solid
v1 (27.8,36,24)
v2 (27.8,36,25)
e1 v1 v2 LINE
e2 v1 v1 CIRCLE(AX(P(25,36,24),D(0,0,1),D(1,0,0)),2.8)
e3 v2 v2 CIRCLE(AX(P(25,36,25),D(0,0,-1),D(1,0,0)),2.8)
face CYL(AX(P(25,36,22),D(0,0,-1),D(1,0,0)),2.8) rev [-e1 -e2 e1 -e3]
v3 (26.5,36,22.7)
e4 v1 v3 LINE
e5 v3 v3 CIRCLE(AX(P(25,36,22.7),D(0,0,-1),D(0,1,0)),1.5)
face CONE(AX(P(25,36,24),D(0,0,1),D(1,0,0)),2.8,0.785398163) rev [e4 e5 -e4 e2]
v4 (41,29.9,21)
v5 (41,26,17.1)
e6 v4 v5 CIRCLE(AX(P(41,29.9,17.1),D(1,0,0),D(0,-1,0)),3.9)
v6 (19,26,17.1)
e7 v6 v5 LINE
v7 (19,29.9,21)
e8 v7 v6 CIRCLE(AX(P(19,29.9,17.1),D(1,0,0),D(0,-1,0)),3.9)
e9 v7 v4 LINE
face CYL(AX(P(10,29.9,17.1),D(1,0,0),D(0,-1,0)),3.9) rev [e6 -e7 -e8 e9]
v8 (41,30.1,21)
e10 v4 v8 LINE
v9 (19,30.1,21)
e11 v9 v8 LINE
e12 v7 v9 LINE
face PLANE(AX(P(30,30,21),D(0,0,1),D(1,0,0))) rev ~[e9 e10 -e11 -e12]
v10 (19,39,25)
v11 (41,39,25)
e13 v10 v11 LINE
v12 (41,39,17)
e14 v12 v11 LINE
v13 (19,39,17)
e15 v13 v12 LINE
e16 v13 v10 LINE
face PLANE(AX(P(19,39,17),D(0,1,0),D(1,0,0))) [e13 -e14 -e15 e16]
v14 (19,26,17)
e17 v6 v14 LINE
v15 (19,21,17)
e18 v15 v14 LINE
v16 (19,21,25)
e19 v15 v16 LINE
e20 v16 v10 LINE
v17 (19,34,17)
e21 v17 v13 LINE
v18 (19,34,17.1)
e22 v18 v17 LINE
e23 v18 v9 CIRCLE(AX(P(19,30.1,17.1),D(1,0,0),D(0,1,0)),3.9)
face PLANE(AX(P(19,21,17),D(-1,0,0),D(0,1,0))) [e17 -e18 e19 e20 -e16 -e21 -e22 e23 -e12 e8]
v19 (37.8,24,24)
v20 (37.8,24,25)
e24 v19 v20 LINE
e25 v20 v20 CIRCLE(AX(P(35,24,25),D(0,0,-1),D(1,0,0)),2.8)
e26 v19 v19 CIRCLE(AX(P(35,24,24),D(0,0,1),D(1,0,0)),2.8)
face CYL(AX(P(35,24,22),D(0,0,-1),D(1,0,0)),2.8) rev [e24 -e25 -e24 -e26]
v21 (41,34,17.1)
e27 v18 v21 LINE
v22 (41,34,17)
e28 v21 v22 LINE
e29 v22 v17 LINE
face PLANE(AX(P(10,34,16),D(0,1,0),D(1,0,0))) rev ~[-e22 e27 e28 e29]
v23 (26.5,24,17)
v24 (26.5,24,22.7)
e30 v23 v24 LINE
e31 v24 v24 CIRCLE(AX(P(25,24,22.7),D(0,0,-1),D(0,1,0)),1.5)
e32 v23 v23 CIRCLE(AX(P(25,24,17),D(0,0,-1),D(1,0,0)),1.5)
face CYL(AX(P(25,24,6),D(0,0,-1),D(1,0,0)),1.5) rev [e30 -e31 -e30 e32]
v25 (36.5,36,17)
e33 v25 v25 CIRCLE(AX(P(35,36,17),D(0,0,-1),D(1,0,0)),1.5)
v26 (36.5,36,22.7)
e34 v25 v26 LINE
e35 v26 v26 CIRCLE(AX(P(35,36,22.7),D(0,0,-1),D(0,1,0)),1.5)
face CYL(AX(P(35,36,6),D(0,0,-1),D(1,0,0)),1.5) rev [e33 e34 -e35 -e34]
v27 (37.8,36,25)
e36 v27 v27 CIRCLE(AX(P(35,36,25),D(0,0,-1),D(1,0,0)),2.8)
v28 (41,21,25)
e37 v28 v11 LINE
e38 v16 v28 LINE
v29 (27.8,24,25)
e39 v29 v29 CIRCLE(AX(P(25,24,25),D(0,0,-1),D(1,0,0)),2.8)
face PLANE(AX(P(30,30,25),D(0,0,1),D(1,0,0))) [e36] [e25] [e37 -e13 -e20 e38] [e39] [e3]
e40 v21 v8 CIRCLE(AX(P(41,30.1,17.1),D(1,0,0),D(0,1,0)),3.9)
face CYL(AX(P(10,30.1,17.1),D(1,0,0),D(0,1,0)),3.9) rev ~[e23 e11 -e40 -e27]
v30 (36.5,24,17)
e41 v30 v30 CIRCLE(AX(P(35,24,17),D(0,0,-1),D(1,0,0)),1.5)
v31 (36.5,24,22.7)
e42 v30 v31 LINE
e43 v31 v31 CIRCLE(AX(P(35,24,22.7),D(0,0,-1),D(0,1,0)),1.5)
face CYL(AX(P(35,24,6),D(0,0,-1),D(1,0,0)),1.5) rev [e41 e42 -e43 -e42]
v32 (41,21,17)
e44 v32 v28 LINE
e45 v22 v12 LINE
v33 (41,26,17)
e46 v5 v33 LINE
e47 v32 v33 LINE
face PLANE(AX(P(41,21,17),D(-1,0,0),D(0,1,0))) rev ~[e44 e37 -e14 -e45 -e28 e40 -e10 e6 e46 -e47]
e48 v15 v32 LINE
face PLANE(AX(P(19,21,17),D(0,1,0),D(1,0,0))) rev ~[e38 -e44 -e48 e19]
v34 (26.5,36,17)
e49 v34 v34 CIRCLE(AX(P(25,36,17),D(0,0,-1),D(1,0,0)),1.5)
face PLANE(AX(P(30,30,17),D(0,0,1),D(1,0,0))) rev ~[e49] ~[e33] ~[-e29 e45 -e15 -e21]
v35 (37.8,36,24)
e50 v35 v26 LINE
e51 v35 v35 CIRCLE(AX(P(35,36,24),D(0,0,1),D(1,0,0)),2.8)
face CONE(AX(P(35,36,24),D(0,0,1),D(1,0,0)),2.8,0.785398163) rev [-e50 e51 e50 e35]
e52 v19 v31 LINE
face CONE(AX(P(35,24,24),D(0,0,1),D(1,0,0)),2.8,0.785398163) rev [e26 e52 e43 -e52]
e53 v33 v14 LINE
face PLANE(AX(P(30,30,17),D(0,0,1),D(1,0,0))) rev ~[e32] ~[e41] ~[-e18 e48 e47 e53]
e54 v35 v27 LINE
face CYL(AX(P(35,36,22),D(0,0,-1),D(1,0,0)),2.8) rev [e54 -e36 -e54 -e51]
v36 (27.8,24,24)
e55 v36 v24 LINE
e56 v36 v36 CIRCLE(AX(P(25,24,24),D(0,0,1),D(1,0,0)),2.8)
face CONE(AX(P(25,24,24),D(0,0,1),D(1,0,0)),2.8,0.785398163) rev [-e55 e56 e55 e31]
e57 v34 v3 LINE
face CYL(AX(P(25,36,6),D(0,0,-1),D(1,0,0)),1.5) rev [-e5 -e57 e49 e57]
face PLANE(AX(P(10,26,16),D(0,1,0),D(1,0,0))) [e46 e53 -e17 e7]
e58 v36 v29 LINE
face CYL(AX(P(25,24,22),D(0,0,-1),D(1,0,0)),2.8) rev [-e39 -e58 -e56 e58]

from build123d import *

# Parameters (mm, degrees)
CYLINDER018_R     = 1.5
CYLINDER018_DEPTH = 25
CYLINDER020_R     = 2.8
CYLINDER020_DEPTH = 5
CHAMFER001_SIZE   = 2
CYLINDER016_R     = 1.5
CYLINDER016_DEPTH = 25
CYLINDER017_R     = 1.5
CYLINDER017_DEPTH = 25
CYLINDER021_R     = 2.8
CYLINDER021_DEPTH = 5
CHAMFER002_SIZE   = 2
CYLINDER015_R     = 1.5
CYLINDER015_DEPTH = 25
CYLINDER019_R     = 2.8
CYLINDER019_DEPTH = 5
CHAMFER003_SIZE   = 2
BOX018_W          = 40
BOX018_H          = 8
BOX018_DEPTH      = 5
FILLET014_R       = 3.9
CYLINDER022_R     = 2.8
CYLINDER022_DEPTH = 5
CHAMFER_SIZE      = 2
BOX017_W          = 22
BOX017_H          = 18
BOX017_DEPTH      = 8


with BuildPart() as screholle017:
    # Cylinder018 → Cylinder018 (new body)
    with BuildSketch(Plane(origin=(25, 24, 2), x_dir=(1, 0, 0), z_dir=(0, 0, 1))):
        Circle(CYLINDER018_R)
    extrude(amount=CYLINDER018_DEPTH)


with BuildPart() as chamfer001:
    # Cylinder020 → Cylinder020 (new body)
    with BuildSketch(Plane(origin=(25, 36, 18), x_dir=(1, 0, 0), z_dir=(0, 0, 1))):
        Circle(CYLINDER020_R)
    extrude(amount=CYLINDER020_DEPTH)

    # Chamfer001
    chamfer001_edges = [chamfer001.edges().sort_by_distance(p)[0] for p in [
        (22.2, 36, 18),
    ]]
    chamfer(chamfer001_edges, length=CHAMFER001_SIZE)


with BuildPart() as screholle015:
    # Cylinder016 → Cylinder016 (new body)
    with BuildSketch(Plane(origin=(25, 36, 2), x_dir=(1, 0, 0), z_dir=(0, 0, 1))):
        Circle(CYLINDER016_R)
    extrude(amount=CYLINDER016_DEPTH)


with BuildPart() as screholle016:
    # Cylinder017 → Cylinder017 (new body)
    with BuildSketch(Plane(origin=(35, 36, 2), x_dir=(1, 0, 0), z_dir=(0, 0, 1))):
        Circle(CYLINDER017_R)
    extrude(amount=CYLINDER017_DEPTH)


with BuildPart() as chamfer002:
    # Cylinder021 → Cylinder021 (new body)
    with BuildSketch(Plane(origin=(35, 36, 18), x_dir=(1, 0, 0), z_dir=(0, 0, 1))):
        Circle(CYLINDER021_R)
    extrude(amount=CYLINDER021_DEPTH)

    # Chamfer002
    chamfer002_edges = [chamfer002.edges().sort_by_distance(p)[0] for p in [
        (32.2, 36, 18),
    ]]
    chamfer(chamfer002_edges, length=CHAMFER002_SIZE)


with BuildPart() as screholle014:
    # Cylinder015 → Cylinder015 (new body)
    with BuildSketch(Plane(origin=(35, 24, 2), x_dir=(1, 0, 0), z_dir=(0, 0, 1))):
        Circle(CYLINDER015_R)
    extrude(amount=CYLINDER015_DEPTH)


with BuildPart() as chamfer003:
    # Cylinder019 → Cylinder019 (new body)
    with BuildSketch(Plane(origin=(35, 24, 18), x_dir=(1, 0, 0), z_dir=(0, 0, 1))):
        Circle(CYLINDER019_R)
    extrude(amount=CYLINDER019_DEPTH)

    # Chamfer003
    chamfer003_edges = [chamfer003.edges().sort_by_distance(p)[0] for p in [
        (32.2, 24, 18),
    ]]
    chamfer(chamfer003_edges, length=CHAMFER003_SIZE)


with BuildPart() as fillet014:
    # Box018 → Box018 (new body)
    with BuildSketch(Plane(origin=(10, 26, 12), x_dir=(1, 0, 0), z_dir=(0, 0, 1))):
        with Locations((20, 4)):
            Rectangle(BOX018_W, BOX018_H)
    extrude(amount=BOX018_DEPTH)

    # Fillet014
    fillet014_edges = [fillet014.edges().sort_by_distance(p)[0] for p in [
        (30, 26, 17),
        (30, 34, 17),
    ]]
    fillet(fillet014_edges, radius=FILLET014_R)


with BuildPart() as fusion005007:
    # Cylinder022 → Cylinder022 (new body)
    with BuildSketch(Plane(origin=(25, 24, 18), x_dir=(1, 0, 0), z_dir=(0, 0, 1))):
        Circle(CYLINDER022_R)
    extrude(amount=CYLINDER022_DEPTH)

    # Chamfer
    chamfer_edges = [fusion005007.edges().sort_by_distance(p)[0] for p in [
        (22.2, 24, 18),
    ]]
    chamfer(chamfer_edges, length=CHAMFER_SIZE)

    # Fusion005007: union ScreHolle017, Chamfer001, ScreHolle015, ScreHolle016, Chamfer002, ScreHolle014, Chamfer003, Fillet014
    add(screholle017.part)
    add(chamfer001.part)
    add(screholle015.part)
    add(screholle016.part)
    add(chamfer002.part)
    add(screholle014.part)
    add(chamfer003.part)
    add(fillet014.part)


with BuildPart() as cablecap:
    # Box017 → Box017 (new body)
    with BuildSketch(Plane(origin=(19, 21, 13), x_dir=(1, 0, 0), z_dir=(0, 0, 1))):
        with Locations((11, 9)):
            Rectangle(BOX017_W, BOX017_H)
    extrude(amount=BOX017_DEPTH)

    # Cut004: cut Fusion005007
    add(fusion005007.part, mode=Mode.SUBTRACT)


with BuildPart() as cablecap_1:
    # Cut004 placement: moved
    add(cablecap.part.moved(Location((0, 0, 4))))


solid = cablecap_1.part
